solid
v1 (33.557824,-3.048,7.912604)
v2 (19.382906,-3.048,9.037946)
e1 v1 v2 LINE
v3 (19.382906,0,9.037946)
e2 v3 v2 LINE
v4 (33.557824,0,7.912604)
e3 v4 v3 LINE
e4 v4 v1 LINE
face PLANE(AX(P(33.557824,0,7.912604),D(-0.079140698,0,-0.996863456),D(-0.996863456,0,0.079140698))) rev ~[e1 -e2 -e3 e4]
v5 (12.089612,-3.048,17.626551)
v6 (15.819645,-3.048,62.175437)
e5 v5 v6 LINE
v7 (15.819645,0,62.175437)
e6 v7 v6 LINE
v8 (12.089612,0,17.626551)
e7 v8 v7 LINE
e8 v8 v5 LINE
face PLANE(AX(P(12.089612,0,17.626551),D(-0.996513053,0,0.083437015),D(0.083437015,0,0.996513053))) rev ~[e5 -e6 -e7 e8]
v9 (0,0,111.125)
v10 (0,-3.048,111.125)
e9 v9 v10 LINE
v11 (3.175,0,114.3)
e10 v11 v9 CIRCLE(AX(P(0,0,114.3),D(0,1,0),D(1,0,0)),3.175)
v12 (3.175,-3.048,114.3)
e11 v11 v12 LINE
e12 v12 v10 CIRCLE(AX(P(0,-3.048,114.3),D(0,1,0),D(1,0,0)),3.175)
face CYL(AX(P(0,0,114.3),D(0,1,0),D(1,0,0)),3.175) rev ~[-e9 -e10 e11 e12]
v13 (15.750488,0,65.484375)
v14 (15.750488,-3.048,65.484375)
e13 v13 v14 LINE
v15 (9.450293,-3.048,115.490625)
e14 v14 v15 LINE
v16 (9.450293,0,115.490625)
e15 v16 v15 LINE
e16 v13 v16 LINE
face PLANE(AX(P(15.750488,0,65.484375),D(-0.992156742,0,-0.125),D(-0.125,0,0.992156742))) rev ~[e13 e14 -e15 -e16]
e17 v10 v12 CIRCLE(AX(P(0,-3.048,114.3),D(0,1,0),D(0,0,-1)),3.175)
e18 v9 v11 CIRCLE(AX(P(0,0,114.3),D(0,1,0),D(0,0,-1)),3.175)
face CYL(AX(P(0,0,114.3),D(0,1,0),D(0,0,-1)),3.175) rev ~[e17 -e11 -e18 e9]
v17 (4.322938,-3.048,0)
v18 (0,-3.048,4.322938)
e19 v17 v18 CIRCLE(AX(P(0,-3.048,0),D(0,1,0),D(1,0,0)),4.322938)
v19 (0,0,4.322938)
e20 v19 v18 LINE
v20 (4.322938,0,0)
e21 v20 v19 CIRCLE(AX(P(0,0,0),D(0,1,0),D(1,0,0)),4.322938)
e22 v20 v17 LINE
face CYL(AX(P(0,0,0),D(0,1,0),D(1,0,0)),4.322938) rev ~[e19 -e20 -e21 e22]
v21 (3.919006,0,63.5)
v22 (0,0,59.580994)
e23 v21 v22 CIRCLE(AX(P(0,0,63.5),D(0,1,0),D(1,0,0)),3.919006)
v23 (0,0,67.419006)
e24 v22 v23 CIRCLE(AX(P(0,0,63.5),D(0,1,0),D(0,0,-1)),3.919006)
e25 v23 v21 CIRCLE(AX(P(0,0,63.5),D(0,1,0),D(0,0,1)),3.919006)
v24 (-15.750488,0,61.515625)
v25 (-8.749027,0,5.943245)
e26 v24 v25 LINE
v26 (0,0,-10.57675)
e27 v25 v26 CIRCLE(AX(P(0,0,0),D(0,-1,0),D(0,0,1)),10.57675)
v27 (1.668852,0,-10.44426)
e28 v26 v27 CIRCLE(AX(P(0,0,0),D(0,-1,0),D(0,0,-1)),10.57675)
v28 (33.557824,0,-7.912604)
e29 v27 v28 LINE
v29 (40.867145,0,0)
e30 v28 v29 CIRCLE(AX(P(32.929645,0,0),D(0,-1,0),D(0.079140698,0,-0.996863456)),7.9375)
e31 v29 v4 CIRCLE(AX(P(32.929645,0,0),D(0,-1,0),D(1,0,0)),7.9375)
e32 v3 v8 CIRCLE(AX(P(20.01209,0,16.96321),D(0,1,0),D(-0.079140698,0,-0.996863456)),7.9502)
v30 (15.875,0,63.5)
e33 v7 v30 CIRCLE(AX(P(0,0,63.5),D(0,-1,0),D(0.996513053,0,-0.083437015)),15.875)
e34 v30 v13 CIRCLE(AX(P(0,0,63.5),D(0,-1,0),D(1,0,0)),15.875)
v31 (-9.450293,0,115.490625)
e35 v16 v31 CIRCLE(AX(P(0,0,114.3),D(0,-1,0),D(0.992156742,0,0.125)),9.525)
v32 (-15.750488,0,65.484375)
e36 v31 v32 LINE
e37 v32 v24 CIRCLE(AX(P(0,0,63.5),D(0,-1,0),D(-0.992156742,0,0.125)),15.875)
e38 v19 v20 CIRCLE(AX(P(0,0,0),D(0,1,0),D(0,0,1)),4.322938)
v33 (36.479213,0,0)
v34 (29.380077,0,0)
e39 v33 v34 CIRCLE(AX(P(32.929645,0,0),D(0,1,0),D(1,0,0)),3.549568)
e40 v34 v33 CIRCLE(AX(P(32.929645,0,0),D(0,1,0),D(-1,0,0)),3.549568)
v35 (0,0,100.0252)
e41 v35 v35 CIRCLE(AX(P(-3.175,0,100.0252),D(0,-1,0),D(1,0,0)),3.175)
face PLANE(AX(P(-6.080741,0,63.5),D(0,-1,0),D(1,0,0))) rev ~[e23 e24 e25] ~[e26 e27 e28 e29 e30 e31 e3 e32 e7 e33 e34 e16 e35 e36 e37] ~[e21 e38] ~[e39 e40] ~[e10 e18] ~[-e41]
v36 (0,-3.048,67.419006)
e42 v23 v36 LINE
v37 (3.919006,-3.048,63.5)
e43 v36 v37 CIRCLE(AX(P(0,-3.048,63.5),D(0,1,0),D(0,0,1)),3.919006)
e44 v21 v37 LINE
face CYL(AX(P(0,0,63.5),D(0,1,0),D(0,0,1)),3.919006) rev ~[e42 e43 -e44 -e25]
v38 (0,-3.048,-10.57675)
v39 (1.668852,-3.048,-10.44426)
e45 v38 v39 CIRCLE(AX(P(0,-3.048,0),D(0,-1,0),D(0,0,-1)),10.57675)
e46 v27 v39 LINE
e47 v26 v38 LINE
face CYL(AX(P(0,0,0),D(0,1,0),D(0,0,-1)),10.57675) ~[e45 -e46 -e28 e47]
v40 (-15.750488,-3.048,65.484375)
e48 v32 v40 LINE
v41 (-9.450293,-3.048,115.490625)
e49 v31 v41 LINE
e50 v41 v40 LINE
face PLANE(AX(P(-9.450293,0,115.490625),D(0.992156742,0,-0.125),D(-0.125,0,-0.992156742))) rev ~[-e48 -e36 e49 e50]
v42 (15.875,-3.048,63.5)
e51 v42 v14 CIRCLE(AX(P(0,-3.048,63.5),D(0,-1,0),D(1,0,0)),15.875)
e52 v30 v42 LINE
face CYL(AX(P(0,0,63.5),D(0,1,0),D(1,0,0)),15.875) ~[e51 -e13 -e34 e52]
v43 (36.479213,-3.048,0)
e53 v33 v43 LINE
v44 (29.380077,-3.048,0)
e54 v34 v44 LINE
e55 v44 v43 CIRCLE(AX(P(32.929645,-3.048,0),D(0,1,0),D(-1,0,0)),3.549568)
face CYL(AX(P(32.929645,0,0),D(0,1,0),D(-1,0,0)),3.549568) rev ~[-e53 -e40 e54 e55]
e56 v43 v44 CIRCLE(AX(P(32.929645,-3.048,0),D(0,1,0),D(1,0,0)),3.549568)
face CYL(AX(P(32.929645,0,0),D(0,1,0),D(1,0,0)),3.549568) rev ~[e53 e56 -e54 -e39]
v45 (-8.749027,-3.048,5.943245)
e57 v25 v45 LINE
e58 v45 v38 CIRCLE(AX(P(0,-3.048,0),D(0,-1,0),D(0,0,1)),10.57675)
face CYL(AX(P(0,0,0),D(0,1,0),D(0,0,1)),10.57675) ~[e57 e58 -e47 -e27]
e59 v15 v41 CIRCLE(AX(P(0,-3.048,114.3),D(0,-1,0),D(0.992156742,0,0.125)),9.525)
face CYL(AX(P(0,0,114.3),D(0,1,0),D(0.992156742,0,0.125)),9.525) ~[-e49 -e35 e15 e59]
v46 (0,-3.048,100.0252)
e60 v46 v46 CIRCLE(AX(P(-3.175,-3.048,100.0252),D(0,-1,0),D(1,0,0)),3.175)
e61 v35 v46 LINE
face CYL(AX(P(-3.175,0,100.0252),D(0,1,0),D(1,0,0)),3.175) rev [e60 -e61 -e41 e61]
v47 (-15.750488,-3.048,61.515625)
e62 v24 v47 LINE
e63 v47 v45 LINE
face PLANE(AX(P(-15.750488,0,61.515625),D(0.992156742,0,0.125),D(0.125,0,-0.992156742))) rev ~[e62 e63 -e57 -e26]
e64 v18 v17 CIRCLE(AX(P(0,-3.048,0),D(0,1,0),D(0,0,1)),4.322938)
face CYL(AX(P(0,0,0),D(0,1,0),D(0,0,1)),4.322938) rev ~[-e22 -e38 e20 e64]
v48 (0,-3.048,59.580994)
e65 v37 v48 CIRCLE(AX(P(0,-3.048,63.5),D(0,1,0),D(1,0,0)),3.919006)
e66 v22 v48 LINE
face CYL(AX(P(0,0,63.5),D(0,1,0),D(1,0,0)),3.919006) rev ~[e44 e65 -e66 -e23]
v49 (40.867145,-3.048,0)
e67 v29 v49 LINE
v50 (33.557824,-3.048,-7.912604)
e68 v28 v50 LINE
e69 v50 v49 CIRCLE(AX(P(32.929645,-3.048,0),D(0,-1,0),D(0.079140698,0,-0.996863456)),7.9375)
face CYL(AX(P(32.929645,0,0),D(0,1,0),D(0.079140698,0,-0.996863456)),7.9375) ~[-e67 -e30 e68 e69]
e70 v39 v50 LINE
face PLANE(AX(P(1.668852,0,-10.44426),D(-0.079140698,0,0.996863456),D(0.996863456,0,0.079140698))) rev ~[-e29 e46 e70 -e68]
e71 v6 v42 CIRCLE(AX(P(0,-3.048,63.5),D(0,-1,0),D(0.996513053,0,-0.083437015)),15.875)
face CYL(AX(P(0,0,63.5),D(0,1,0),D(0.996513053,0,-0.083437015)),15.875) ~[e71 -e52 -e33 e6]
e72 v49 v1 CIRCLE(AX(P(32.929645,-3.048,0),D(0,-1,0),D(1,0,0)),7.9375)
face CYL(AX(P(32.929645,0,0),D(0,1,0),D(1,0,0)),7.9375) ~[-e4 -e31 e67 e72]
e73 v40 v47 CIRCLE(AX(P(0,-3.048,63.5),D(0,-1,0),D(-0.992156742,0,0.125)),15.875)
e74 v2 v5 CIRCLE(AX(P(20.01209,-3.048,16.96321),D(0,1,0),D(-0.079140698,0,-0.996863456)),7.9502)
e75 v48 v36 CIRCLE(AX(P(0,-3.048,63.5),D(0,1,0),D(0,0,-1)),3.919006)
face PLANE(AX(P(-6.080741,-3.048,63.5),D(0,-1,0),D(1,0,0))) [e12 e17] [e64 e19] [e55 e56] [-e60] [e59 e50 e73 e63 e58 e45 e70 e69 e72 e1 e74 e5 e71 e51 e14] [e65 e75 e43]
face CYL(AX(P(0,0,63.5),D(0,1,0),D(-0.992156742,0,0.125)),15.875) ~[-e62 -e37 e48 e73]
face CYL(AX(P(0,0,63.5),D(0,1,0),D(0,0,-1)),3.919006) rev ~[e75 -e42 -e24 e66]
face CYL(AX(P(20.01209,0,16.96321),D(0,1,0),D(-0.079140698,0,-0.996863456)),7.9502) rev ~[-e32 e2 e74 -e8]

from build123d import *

# Parameters (mm, degrees)
F0_R     = 3.175
F1_DEPTH = 3.048


with BuildPart() as f1:
    # F0 (on Front) → F1 (new body)
    with BuildSketch(Plane.XZ):
        with BuildLine():
            ThreePointArc((0, 59.5809938932), (-3.9190061068, 63.5), (0, 67.4190061068))
            Line((0, 67.4190061068), (0, 79.375))
            ThreePointArc((0, 79.375), (-10.5003255158, 75.40625), (-15.7504882737, 65.484375))
            Line((-15.7504882737, 65.484375), (-15.7504882737, 61.515625))
            ThreePointArc((-15.7504882737, 61.515625), (-10.5003255158, 51.59375), (0, 47.625))
            Line((0, 47.625), (0, 59.5809938932))
        make_face()
        with BuildLine():
            Line((0, 79.375), (0, 67.4190061068))
            ThreePointArc((0, 67.4190061068), (2.7711557936, 66.2711557936), (3.9190061068, 63.5))
            ThreePointArc((3.9190061068, 63.5), (2.7711557936, 60.7288442064), (0, 59.5809938932))
            Line((0, 59.5809938932), (0, 47.625))
            ThreePointArc((0, 47.625), (10.7468179803, 51.8157572647), (15.8196447136, 62.1754373797))
            ThreePointArc((15.8196447136, 62.1754373797), (15.8611551412, 62.8371405988), (15.875, 63.5))
            ThreePointArc((15.875, 63.5), (15.8438414904, 64.4941387366), (15.7504882737, 65.484375))
            ThreePointArc((15.7504882737, 65.484375), (10.5003255158, 75.40625), (0, 79.375))
        make_face()
        with BuildLine():
            ThreePointArc((-15.7504882737, 65.484375), (-10.5003255158, 75.40625), (0, 79.375))
            Line((0, 79.375), (0, 100.0252))
            Line((0, 100.0252), (0, 104.775))
            ThreePointArc((0, 104.775), (-7.14375, 107.9998046905), (-9.4502929642, 115.490625))
            Line((-9.4502929642, 115.490625), (-15.7504882737, 65.484375))
        make_face()
        with Locations((-3.175, 100.0252)):
            Circle(F0_R, mode=Mode.SUBTRACT)
        with BuildLine():
            Line((0, 100.0252), (0, 79.375))
            ThreePointArc((0, 79.375), (10.5003255158, 75.40625), (15.7504882737, 65.484375))
            Line((15.7504882737, 65.484375), (9.4502929642, 115.490625))
            ThreePointArc((9.4502929642, 115.490625), (9.5063048942, 114.896483242), (9.525, 114.3))
            ThreePointArc((9.525, 114.3), (6.7351920908, 107.5648079092), (0, 104.775))
            Line((0, 104.775), (0, 100.0252))
        make_face()
        with BuildLine():
            Line((0, 10.5767495189), (0, 47.625))
            ThreePointArc((0, 47.625), (-10.5003255158, 51.59375), (-15.7504882737, 61.515625))
            Line((-15.7504882737, 61.515625), (-8.7490265409, 5.9432453232))
            ThreePointArc((-8.7490265409, 5.9432453232), (-4.9501218809, 9.3468670553), (0, 10.5767495189))
        make_face()
        with BuildLine():
            ThreePointArc((15.8196447136, 62.1754373797), (10.7468179803, 51.8157572647), (0, 47.625))
            Line((0, 47.625), (0, 10.5767495189))
            ThreePointArc((0, 10.5767495189), (7.4788913077, 7.4788913077), (10.5767495189, 0))
            Line((10.5767495189, 0), (24.9921450567, 0))
            ThreePointArc((24.9921450567, 0), (27.5436570711, 5.8305265344), (33.5578243434, 7.9126036823))
            Line((33.5578243434, 7.9126036823), (19.3829058745, 9.037946304))
            ThreePointArc((19.3829058745, 9.037946304), (13.9520765692, 11.8171520245), (12.0896121754, 17.6265511124))
            Line((12.0896121754, 17.6265511124), (15.8196447136, 62.1754373797))
        make_face()
        with BuildLine():
            Line((-15.7504882737, 61.515625), (-15.7504882737, 65.484375))
            ThreePointArc((-15.7504882737, 65.484375), (-15.875, 63.5), (-15.7504882737, 61.515625))
        make_face()
        with BuildLine():
            ThreePointArc((10.5767495189, 0), (7.4788913077, 7.4788913077), (0, 10.5767495189))
            ThreePointArc((0, 10.5767495189), (-4.9501218809, 9.3468670553), (-8.7490265409, 5.9432453232))
            ThreePointArc((-8.7490265409, 5.9432453232), (-9.3468670553, -4.9501218809), (0, -10.5767495189))
            Line((0, -10.5767495189), (1.6688517724, -10.4442598659))
            ThreePointArc((1.6688517724, -10.4442598659), (8.0473181112, -6.8635487616), (10.5767495189, 0))
        make_face()
        with BuildLine():
            ThreePointArc((4.322937818, 0), (-3.0567786457, -3.0567786457), (0, 4.322937818))
            ThreePointArc((0, 4.322937818), (3.0567786457, 3.0567786457), (4.322937818, 0))
        make_face(mode=Mode.SUBTRACT)
        with BuildLine():
            ThreePointArc((-9.4502929642, 115.490625), (-7.14375, 107.9998046905), (0, 104.775))
            ThreePointArc((0, 104.775), (6.7351920908, 107.5648079092), (9.525, 114.3))
            ThreePointArc((9.525, 114.3), (9.5063048942, 114.896483242), (9.4502929642, 115.490625))
            ThreePointArc((9.4502929642, 115.490625), (0, 123.825), (-9.4502929642, 115.490625))
        make_face()
        with BuildLine():
            ThreePointArc((3.175, 114.3), (2.2450640303, 112.0549359697), (0, 111.125))
            ThreePointArc((0, 111.125), (-2.2450640303, 116.5450640303), (3.175, 114.3))
        make_face(mode=Mode.SUBTRACT)
        with BuildLine():
            Line((24.9921450567, 0), (10.5767495189, 0))
            ThreePointArc((10.5767495189, 0), (8.0473181112, -6.8635487616), (1.6688517724, -10.4442598659))
            Line((1.6688517724, -10.4442598659), (33.5578243434, -7.9126036823))
            ThreePointArc((33.5578243434, -7.9126036823), (27.5436570711, -5.8305265344), (24.9921450567, 0))
        make_face()
        with BuildLine():
            Line((1.6688517724, -10.4442598659), (0, -10.5767495189))
            ThreePointArc((0, -10.5767495189), (0.8370513345, -10.5435750791), (1.6688517724, -10.4442598659))
        make_face()
        with BuildLine():
            ThreePointArc((33.5578243434, 7.9126036823), (27.5436570711, 5.8305265344), (24.9921450567, 0))
            ThreePointArc((24.9921450567, 0), (27.5436570711, -5.8305265344), (33.5578243434, -7.9126036823))
            ThreePointArc((33.5578243434, -7.9126036823), (38.7601715912, -5.3859879856), (40.8671450567, 0))
            ThreePointArc((40.8671450567, 0), (38.7601715912, 5.3859879856), (33.5578243434, 7.9126036823))
        make_face()
        with BuildLine():
            ThreePointArc((36.4792131905, 0), (32.9296450567, -3.5495681337), (29.380076923, 0))
            ThreePointArc((29.380076923, 0), (32.9296450567, 3.5495681337), (36.4792131905, 0))
        make_face(mode=Mode.SUBTRACT)
    extrude(amount=F1_DEPTH)


solid = f1.part
